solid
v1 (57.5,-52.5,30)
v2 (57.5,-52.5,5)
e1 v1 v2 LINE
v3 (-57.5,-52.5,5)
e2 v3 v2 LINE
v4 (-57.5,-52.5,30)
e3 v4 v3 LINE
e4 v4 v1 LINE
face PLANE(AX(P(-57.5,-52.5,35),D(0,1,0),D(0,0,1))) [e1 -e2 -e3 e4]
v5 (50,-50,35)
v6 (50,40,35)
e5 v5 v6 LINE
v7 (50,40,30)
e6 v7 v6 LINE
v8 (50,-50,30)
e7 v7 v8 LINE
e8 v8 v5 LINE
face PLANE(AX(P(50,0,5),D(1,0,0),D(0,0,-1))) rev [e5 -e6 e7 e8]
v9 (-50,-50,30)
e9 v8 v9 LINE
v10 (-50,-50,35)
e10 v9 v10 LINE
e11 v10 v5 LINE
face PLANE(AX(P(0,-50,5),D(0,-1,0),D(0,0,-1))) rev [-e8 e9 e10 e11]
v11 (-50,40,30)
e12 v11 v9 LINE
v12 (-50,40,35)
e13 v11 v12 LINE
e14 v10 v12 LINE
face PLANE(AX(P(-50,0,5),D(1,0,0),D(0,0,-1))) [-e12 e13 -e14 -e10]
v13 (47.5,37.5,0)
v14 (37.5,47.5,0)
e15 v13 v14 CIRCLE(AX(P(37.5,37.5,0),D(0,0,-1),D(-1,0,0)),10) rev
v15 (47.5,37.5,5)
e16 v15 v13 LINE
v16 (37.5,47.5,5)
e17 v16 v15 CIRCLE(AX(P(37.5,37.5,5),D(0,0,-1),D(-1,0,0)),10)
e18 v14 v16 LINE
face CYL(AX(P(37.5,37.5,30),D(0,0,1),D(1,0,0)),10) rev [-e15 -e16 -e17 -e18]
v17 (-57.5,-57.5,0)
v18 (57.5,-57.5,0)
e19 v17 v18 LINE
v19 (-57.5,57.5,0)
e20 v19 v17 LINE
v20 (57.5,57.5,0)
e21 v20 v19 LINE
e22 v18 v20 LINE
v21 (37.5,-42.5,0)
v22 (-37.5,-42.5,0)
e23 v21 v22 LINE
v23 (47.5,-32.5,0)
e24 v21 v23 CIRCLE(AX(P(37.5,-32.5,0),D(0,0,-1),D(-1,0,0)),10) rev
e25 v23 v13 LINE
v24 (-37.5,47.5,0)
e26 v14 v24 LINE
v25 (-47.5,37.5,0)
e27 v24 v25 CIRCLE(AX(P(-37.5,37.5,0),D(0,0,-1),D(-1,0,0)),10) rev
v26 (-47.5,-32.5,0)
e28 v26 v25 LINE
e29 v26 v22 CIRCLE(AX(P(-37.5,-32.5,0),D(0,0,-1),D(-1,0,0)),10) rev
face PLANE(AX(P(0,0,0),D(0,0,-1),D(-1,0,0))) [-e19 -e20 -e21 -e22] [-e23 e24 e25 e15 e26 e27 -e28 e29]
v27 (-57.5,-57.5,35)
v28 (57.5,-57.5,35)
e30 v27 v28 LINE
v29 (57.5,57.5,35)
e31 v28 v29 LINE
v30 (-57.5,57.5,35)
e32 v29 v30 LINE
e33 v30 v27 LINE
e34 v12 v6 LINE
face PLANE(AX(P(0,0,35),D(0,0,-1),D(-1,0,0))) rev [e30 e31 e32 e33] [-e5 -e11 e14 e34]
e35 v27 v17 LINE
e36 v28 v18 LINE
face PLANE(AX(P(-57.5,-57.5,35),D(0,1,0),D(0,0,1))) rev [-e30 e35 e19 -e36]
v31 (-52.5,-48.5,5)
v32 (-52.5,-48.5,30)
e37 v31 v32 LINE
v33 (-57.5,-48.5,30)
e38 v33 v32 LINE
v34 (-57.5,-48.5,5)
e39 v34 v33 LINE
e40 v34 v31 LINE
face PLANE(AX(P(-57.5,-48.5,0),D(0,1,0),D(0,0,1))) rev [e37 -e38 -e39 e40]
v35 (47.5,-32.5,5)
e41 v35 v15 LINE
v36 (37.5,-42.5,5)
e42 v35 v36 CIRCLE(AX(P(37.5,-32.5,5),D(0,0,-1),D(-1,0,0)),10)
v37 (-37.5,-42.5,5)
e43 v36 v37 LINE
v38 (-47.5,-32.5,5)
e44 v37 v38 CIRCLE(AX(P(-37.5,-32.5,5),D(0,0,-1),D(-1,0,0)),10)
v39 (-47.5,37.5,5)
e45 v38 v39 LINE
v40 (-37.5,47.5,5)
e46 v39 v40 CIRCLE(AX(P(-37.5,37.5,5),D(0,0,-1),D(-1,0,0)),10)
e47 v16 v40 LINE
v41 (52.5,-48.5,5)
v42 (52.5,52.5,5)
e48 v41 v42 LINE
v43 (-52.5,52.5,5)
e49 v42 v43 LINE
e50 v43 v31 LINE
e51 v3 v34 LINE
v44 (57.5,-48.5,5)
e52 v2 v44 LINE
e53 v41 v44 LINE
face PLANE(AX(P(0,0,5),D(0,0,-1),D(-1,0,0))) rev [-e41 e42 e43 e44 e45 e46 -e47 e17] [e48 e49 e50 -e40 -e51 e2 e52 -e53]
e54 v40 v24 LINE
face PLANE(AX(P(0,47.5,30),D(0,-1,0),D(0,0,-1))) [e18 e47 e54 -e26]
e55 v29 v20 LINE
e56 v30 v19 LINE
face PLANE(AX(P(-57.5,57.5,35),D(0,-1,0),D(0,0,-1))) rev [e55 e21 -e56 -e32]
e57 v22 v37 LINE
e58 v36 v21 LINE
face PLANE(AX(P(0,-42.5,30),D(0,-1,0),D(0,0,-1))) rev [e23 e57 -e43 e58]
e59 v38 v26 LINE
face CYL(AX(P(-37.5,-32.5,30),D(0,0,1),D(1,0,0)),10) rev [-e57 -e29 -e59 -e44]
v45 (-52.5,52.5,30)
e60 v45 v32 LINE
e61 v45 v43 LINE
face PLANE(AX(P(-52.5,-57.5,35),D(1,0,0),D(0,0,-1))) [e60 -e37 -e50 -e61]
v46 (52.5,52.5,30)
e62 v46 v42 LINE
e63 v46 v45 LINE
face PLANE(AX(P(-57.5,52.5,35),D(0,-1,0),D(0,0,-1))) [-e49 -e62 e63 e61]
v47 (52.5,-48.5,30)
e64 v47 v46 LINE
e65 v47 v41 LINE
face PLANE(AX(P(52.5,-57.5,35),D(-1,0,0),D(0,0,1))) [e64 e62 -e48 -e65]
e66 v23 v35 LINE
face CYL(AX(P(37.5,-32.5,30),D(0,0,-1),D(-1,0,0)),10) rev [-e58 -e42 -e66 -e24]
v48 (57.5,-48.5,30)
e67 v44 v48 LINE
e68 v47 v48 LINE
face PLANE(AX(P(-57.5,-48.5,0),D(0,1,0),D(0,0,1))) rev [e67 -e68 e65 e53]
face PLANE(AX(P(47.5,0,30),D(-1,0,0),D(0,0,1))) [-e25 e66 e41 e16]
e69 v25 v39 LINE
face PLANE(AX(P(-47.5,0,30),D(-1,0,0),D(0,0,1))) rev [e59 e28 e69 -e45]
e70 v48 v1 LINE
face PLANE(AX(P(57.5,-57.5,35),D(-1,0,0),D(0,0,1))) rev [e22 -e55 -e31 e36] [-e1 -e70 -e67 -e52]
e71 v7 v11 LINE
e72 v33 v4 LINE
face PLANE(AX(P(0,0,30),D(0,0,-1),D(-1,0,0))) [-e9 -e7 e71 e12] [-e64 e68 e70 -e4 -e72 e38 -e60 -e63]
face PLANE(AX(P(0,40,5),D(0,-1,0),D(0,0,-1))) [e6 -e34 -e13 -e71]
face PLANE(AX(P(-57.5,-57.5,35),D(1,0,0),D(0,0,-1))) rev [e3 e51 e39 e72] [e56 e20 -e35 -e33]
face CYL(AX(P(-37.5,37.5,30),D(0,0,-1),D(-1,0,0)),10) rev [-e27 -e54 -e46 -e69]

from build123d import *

# Parameters (mm, degrees)
SKETCH1_W               = 115
SKETCH1_H               = 115
BOSS_EXTRUDE1_DEPTH     = 35
SHELL2_T                = 5
SKETCH4_W               = 100
SKETCH4_H               = 90
CUT_EXTRUDE1_DEPTH      = 30
SKETCH5_W               = 95
SKETCH5_H               = 90
CUT_EXTRUDE2_DEPTH      = 30
FILLET1_R               = 10
CUT_EXTRUDE3_DEPTH      = 129.962203765
CUT_EXTRUDE3_DEPTH_BACK = 129.962203765
SKETCH9_W               = 25
SKETCH9_H               = 4


with BuildPart() as part:
    # Sketch1 → Boss-Extrude1 (new body)
    with BuildSketch(Plane.XY):
        Rectangle(SKETCH1_W, SKETCH1_H)
    extrude(amount=BOSS_EXTRUDE1_DEPTH)

    # Shell2 (no face opened: a closed hollow body)
    add(offset(amount=-SHELL2_T, mode=Mode.PRIVATE), mode=Mode.SUBTRACT)

    # Sketch4 → Cut-Extrude1 (cut)
    with BuildSketch(Plane.XY.offset(35)):
        with Locations((0, -5)):
            Rectangle(SKETCH4_W, SKETCH4_H)
    extrude(amount=-CUT_EXTRUDE1_DEPTH, mode=Mode.SUBTRACT)

    # Sketch5 → Cut-Extrude2 (cut)
    with BuildSketch(Plane(origin=(0, 0, 0), x_dir=(-1, 0, 0), z_dir=(0, 0, -1))):
        with Locations((0, 2.5)):
            Rectangle(SKETCH5_W, SKETCH5_H)
    extrude(amount=-CUT_EXTRUDE2_DEPTH, mode=Mode.SUBTRACT)

    # Fillet1
    fillet1_edges = [part.edges().sort_by_distance(p)[0] for p in [
        (-47.5, -42.5, 2.5),
        (47.5, -42.5, 2.5),
        (47.5, 47.5, 2.5),
        (-47.5, 47.5, 2.5),
    ]]
    fillet(fillet1_edges, radius=FILLET1_R)

    # Sketch9 → Cut-Extrude3 (cut, two sides: drawn at the far end of the back side and taken through both)
    with BuildSketch(Plane(origin=(-52.5, 0, 0), x_dir=(0, 0, -1), z_dir=(1, 0, 0)).offset(-CUT_EXTRUDE3_DEPTH_BACK)):
        with Locations((-17.5, -50.5)):
            Rectangle(SKETCH9_W, SKETCH9_H)
    extrude(amount=CUT_EXTRUDE3_DEPTH + CUT_EXTRUDE3_DEPTH_BACK, mode=Mode.SUBTRACT)


solid = part.part
